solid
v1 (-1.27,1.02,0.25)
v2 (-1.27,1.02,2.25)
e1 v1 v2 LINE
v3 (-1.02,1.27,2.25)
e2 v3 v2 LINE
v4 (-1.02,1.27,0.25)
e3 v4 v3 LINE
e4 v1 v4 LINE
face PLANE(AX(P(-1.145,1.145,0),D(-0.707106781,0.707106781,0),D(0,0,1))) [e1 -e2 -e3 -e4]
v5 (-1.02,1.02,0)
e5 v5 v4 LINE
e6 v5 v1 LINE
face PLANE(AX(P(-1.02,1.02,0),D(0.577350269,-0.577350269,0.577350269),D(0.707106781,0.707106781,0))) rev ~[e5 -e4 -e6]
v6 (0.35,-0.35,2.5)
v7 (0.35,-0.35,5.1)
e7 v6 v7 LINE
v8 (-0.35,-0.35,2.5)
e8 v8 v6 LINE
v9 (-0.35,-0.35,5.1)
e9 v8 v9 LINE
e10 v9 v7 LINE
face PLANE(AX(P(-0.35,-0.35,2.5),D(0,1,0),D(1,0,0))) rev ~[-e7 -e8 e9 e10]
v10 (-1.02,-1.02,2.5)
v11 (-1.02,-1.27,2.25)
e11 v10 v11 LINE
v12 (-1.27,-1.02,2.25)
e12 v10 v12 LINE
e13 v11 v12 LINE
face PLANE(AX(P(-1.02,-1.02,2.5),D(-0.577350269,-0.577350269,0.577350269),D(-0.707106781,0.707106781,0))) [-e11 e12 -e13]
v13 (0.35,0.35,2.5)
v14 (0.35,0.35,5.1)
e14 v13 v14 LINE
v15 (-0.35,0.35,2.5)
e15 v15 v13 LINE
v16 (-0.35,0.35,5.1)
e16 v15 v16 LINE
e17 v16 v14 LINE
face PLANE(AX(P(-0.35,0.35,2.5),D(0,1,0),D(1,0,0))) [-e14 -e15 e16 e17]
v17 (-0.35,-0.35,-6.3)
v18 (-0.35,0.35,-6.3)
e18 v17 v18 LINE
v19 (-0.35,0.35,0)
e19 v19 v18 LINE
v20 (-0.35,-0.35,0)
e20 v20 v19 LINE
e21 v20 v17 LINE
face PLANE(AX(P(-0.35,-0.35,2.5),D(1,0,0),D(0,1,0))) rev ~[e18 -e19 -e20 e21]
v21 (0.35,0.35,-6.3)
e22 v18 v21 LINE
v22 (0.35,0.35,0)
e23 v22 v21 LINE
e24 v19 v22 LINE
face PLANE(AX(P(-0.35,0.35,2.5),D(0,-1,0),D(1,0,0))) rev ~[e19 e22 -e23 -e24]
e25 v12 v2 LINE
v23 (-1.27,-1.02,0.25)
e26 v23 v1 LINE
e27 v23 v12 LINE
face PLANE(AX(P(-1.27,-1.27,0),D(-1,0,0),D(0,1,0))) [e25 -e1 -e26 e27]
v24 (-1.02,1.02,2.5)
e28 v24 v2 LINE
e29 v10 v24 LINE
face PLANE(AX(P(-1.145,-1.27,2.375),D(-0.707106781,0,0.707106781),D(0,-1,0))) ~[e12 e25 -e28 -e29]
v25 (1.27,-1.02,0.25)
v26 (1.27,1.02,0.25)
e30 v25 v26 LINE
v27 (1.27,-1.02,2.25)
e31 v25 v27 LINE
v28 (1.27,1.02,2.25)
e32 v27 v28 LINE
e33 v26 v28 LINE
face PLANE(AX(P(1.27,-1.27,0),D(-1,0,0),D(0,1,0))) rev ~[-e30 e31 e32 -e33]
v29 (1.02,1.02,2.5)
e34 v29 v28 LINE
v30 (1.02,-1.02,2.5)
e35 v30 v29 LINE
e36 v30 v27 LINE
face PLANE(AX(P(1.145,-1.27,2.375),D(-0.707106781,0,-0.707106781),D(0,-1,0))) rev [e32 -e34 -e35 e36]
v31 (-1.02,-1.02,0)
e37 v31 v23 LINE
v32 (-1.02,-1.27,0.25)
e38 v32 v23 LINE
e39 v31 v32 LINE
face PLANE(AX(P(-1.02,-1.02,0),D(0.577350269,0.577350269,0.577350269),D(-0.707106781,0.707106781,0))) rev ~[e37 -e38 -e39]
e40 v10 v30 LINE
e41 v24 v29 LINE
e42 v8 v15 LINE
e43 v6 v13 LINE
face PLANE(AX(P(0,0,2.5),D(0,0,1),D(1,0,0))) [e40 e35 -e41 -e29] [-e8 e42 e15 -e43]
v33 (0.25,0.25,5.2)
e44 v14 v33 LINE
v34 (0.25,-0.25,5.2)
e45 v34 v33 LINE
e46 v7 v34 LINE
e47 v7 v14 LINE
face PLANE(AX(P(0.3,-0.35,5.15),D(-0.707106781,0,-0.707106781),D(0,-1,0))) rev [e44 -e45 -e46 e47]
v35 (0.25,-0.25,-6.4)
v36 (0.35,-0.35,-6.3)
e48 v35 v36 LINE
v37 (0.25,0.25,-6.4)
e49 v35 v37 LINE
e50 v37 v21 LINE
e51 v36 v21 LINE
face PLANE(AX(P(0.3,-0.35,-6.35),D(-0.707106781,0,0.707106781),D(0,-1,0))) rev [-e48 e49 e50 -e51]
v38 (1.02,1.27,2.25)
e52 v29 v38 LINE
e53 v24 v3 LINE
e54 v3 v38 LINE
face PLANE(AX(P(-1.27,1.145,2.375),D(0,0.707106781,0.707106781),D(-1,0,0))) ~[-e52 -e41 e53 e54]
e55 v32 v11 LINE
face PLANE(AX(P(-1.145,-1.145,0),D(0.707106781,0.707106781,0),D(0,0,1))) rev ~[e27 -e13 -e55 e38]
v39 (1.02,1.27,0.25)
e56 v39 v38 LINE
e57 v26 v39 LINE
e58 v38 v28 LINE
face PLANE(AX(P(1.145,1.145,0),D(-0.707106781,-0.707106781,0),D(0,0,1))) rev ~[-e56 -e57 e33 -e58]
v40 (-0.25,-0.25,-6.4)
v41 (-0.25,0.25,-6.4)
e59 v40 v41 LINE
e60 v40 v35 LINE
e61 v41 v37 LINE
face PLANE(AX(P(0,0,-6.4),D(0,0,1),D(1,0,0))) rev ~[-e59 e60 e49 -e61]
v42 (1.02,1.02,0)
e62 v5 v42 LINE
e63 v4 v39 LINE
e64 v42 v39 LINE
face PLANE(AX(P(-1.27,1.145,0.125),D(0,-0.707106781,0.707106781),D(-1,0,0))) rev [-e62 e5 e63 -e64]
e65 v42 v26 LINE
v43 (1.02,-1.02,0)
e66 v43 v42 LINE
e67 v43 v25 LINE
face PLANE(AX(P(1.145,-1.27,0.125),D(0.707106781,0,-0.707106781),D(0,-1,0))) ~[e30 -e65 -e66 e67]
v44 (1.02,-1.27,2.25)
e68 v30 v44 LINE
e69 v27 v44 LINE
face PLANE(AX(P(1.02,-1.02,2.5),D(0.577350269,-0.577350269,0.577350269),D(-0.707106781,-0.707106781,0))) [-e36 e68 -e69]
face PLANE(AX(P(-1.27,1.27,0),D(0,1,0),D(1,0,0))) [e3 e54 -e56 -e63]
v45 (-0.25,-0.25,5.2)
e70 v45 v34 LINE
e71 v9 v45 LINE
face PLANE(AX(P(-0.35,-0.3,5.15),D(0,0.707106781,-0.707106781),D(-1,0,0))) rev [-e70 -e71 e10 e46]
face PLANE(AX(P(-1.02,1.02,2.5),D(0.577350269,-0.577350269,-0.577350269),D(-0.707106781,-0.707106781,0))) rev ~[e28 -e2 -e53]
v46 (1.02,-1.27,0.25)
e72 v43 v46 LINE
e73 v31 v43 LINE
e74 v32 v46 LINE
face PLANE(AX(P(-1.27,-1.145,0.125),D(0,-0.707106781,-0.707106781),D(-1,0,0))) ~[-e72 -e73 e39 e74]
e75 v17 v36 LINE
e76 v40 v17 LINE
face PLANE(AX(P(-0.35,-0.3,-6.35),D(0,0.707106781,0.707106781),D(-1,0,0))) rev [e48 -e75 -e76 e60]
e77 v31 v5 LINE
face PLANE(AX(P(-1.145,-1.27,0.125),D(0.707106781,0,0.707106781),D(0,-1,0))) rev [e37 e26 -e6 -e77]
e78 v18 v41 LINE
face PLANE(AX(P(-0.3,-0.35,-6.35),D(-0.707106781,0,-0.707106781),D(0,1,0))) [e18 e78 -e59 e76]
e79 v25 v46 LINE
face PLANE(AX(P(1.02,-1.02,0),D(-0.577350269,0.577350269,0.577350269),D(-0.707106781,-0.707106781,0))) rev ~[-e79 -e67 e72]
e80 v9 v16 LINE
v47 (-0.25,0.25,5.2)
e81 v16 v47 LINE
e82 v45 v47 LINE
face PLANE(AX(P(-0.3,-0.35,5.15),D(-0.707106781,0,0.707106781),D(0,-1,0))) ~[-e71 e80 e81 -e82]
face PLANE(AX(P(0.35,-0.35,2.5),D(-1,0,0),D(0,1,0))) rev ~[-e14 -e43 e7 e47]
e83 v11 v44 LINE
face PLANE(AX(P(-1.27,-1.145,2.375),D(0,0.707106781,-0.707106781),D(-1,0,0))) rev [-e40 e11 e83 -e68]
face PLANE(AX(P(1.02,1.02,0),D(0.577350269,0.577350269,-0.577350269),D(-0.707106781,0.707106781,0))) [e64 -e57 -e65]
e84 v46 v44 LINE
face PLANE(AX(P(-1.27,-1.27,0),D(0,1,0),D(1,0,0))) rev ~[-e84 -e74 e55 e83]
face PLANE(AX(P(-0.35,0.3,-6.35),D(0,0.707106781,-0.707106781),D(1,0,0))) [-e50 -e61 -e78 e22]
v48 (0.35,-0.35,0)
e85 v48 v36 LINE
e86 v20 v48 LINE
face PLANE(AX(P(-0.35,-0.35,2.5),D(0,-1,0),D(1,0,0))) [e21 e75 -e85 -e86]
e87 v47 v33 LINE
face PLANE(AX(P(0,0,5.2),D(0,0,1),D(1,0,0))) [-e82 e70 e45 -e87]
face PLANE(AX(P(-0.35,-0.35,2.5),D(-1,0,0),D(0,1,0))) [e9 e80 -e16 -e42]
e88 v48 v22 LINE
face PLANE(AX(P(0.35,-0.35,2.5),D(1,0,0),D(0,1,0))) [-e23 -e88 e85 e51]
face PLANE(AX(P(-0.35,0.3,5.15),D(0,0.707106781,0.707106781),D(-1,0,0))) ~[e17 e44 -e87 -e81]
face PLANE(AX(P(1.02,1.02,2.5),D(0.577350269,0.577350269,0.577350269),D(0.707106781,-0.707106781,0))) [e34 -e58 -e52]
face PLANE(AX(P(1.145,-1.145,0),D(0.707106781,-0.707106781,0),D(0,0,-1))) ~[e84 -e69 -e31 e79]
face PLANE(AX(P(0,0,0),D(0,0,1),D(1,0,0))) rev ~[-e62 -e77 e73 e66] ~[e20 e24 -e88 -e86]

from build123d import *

# Parameters (mm, degrees)
F0_W          = 2.54
F0_H          = 2.54
F1_DEPTH      = 2.5
F2_SIZE       = 0.25
F3_W          = 0.7
F3_H          = 0.7
F4_DEPTH      = 2.7
F4_DEPTH_BACK = 8.9
F5_SIZE       = 0.1


with BuildPart() as f1:
    # F0 (on Top) → F1 (new body)
    with BuildSketch(Plane.XY):
        Rectangle(F0_W, F0_H)
    extrude(amount=F1_DEPTH)

    # F2
    f2_edges = [f1.edges().sort_by_distance(p)[0] for p in [
        (-1.27, -1.27, 1.25),
        (1.27, -1.27, 1.25),
        (1.27, 1.27, 1.25),
        (-1.27, 1.27, 1.25),
        (0, 1.27, 2.5),
        (1.27, 0, 2.5),
        (0, -1.27, 2.5),
        (-1.27, 0, 2.5),
        (1.27, 0, 0),
        (0, -1.27, 0),
        (-1.27, 0, 0),
        (0, 1.27, 0),
    ]]
    chamfer(f2_edges, length=F2_SIZE)

    # F3 (on face) → F4 (join, two sides)
    with BuildSketch(Plane.XY.offset(2.5)) as f4_sk:
        Rectangle(F3_W, F3_H)
    extrude(amount=F4_DEPTH)
    extrude(f4_sk.sketch, amount=-F4_DEPTH_BACK)

    # F5
    f5_edges = [f1.edges().sort_by_distance(p)[0] for p in [
        (0.35, 0, 5.2),
        (0, 0.35, 5.2),
        (-0.35, 0, 5.2),
        (0, -0.35, 5.2),
        (0.35, 0, -6.4),
        (0, -0.35, -6.4),
        (-0.35, 0, -6.4),
        (0, 0.35, -6.4),
    ]]
    chamfer(f5_edges, length=F5_SIZE)


solid = f1.part
